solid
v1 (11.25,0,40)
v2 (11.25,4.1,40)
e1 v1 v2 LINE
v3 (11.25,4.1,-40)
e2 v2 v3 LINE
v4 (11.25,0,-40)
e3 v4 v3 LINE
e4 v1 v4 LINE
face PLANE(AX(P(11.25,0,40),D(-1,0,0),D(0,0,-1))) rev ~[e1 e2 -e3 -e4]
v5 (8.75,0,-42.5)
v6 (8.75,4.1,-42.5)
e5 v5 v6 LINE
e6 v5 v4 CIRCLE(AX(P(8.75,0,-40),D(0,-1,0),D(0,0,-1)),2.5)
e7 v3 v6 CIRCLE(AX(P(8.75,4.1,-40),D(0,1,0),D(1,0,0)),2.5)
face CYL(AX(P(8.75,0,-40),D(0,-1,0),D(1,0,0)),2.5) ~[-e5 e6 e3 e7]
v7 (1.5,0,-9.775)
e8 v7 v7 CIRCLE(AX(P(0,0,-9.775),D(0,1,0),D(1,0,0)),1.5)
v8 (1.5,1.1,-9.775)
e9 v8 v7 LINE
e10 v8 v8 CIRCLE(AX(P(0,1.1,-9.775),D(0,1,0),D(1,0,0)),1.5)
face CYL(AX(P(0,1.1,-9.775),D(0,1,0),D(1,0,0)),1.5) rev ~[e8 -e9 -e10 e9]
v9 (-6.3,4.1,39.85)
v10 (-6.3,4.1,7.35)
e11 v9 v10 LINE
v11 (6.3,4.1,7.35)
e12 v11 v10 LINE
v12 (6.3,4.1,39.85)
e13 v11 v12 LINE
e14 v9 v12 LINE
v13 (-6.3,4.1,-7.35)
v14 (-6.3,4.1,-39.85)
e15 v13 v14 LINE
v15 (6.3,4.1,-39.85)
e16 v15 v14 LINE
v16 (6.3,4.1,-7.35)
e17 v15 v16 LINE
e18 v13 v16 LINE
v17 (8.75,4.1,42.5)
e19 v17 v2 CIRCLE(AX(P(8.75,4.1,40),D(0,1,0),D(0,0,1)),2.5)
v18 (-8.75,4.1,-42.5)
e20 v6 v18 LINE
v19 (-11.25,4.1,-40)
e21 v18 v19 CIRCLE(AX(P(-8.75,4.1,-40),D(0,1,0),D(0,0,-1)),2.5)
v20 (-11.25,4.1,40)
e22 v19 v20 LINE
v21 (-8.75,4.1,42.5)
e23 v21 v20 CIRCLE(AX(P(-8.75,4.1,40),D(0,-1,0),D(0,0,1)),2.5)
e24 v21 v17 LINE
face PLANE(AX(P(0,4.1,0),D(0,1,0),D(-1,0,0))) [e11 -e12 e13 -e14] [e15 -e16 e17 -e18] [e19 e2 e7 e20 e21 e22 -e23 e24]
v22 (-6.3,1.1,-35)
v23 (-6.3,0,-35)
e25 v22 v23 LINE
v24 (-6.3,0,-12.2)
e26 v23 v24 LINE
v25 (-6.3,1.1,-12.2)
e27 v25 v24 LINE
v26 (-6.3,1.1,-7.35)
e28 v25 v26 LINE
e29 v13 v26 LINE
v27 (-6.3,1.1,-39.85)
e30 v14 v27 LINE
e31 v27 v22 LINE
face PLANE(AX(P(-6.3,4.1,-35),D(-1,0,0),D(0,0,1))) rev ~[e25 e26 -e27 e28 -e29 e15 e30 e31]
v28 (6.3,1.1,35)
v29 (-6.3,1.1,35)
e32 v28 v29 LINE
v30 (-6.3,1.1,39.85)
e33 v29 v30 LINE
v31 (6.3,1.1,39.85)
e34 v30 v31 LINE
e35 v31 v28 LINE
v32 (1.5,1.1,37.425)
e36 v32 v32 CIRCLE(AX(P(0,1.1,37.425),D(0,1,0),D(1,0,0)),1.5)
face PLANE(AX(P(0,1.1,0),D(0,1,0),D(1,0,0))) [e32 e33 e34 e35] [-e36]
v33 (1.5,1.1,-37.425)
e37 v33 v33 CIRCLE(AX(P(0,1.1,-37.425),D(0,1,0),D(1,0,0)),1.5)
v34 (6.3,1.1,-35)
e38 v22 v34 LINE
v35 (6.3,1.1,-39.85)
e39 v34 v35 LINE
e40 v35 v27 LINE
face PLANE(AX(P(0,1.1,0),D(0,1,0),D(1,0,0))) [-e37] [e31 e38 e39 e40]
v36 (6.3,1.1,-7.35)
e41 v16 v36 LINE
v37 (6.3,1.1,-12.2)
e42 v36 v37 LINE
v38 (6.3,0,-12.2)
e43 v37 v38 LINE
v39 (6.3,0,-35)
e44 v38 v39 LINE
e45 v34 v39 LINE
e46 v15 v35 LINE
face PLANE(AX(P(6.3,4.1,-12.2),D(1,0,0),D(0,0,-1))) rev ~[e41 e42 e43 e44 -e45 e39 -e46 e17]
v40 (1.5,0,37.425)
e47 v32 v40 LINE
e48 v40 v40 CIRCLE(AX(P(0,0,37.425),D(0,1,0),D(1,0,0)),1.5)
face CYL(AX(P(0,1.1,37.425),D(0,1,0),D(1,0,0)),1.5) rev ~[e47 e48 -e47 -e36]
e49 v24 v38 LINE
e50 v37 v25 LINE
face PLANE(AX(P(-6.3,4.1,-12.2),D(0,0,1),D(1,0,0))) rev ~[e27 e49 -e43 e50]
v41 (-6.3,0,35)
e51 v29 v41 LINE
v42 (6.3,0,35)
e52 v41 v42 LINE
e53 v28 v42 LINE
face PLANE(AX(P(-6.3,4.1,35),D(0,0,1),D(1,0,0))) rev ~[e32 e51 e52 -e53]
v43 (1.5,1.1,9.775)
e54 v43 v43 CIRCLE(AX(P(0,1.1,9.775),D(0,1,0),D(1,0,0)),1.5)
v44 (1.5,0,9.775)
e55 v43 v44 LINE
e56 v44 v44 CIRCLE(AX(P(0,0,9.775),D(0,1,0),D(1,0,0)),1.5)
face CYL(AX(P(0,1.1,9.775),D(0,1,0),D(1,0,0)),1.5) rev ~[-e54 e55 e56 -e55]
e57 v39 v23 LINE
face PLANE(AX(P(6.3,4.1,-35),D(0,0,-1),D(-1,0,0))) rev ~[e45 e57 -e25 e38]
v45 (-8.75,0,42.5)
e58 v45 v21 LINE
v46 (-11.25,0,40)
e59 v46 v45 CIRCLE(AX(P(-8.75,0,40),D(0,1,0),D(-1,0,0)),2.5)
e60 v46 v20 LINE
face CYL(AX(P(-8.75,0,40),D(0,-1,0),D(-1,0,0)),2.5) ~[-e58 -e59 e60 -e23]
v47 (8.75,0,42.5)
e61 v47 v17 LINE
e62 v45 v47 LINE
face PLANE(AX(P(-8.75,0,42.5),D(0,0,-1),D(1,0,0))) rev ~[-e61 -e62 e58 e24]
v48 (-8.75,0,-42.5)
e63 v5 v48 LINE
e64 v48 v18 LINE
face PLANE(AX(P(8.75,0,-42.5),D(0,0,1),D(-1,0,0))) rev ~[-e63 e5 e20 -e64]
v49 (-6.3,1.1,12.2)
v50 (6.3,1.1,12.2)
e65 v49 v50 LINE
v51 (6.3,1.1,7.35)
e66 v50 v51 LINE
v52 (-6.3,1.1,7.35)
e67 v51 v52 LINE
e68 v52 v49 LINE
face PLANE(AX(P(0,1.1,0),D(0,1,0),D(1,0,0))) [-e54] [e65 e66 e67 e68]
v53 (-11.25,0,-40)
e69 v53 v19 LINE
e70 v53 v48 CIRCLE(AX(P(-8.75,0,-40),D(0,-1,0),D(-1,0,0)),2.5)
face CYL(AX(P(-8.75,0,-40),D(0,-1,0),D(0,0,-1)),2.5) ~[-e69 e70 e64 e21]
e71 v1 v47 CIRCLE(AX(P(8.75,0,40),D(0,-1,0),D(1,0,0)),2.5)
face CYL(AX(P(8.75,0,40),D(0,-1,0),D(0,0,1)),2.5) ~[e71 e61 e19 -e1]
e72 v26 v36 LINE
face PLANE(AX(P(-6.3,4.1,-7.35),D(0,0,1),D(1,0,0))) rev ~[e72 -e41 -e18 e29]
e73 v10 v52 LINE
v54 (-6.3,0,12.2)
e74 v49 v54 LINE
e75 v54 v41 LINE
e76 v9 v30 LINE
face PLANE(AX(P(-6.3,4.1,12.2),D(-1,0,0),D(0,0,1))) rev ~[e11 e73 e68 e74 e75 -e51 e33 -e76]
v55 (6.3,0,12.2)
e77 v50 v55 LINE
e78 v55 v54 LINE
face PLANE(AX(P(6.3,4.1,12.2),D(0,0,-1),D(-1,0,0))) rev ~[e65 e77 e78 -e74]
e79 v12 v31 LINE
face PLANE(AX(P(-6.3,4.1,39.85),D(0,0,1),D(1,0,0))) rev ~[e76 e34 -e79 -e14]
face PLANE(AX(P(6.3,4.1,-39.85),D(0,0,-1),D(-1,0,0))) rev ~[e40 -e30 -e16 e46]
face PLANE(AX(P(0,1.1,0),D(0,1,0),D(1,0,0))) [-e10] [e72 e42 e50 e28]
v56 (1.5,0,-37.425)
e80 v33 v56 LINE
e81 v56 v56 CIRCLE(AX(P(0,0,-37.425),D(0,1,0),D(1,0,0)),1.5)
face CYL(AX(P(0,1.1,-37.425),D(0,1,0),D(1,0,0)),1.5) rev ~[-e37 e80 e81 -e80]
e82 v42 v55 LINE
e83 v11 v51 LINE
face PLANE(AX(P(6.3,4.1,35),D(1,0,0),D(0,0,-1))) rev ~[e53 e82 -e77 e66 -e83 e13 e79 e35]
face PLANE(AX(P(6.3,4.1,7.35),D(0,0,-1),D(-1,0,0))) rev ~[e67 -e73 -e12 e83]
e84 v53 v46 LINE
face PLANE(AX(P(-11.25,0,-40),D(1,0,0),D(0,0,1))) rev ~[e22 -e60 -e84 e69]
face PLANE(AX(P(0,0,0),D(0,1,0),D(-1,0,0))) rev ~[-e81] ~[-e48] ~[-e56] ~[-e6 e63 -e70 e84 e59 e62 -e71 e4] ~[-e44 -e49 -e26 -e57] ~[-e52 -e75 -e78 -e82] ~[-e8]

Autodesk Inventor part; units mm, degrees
ref_plane "YZ Plane" through (0, 0, 0) normal (1, 0, 0) x (0, 1, 0)
ref_plane "XZ Plane" through (0, 0, 0) normal (0, 1, 0) x (-1, 0, 0)
ref_plane "XY Plane" through (0, 0, 0) normal (0, 0, 1) x (1, 0, 0)
sketch "Szkic1" plane through (0, 0, 0) normal (0, 1, 0) x (-1, 0, 0)
  line L0 (8.75, 42.5) -> (-8.75, 42.5)
  line L1 (-11.25, 40) -> (-11.25, -40)
  line L2 (-8.75, -42.5) -> (8.75, -42.5)
  line L3 (11.25, -40) -> (11.25, 40)
  line L4 (-11.25, 42.5) -> (11.25, -42.5)
  line L5 (-11.25, -42.5) -> (11.25, 42.5)
  arc A0 (11.25, 40) -> (8.75, 42.5) centre (8.75, 40) ccw
  arc A1 (-8.75, 42.5) -> (-11.25, 40) centre (-8.75, 40) ccw
  arc A2 (-11.25, -40) -> (-8.75, -42.5) centre (-8.75, -40) ccw
  arc A3 (8.75, -42.5) -> (11.25, -40) centre (8.75, -40) ccw
  point P0 (0, 0)
  point P1 (0, 0)
  dimension "d0" = 22.5
  dimension "d1" = 85
  dimension "d2" = 2.5
extrude "Wyciągnięcie proste1" add sketch "Szkic1" along normal blind 4.1
sketch "Szkic2" plane through (0, 4.1, 0) normal (0, 1, 0) x (1, 0, 0)
  line L0 (-6.3, -35) -> (6.3, -35)
  line L1 (6.3, -35) -> (6.3, -12.2)
  line L2 (6.3, -12.2) -> (-6.3, -12.2)
  line L3 (-6.3, -12.2) -> (-6.3, -35)
  line L4 (-8.75, -42.5) -> (8.75, -42.5) projected
  line L5 (11.25, -40) -> (11.25, 40) projected
  line L6 (-6.3, 12.2) -> (6.3, 12.2)
  line L7 (6.3, 12.2) -> (6.3, 35)
  line L8 (6.3, 35) -> (-6.3, 35)
  line L9 (-6.3, 35) -> (-6.3, 12.2)
  line L10 (-15.75, 0) -> (15.75, 0) projected
  point P0 (0, 0)
  point P1 (0, -35)
  dimension "d5" = 12.6
  dimension "d6" = 22.8
  dimension "d7" = 7.5
  dimension "d8" = 11.25
extrude "Wyciągnięcie proste2" cut sketch "Szkic2" against normal blind 4.1
sketch "Szkic4" plane through (0, 4.1, 0) normal (0, 1, 0) x (1, 0, 0)
  line L0 (-6.3, -39.85) -> (6.3, -39.85)
  line L1 (6.3, -39.85) -> (6.3, -7.35)
  line L2 (6.3, -7.35) -> (-6.3, -7.35)
  line L3 (-6.3, -7.35) -> (-6.3, -39.85)
  line L4 (6.3, -35) -> (-6.3, -35) projected
  line L5 (-6.3, -12.2) -> (6.3, -12.2) projected
  line L6 (-6.3, 7.35) -> (6.3, 7.35)
  line L7 (6.3, 7.35) -> (6.3, 39.85)
  line L8 (6.3, 39.85) -> (-6.3, 39.85)
  line L9 (-6.3, 39.85) -> (-6.3, 7.35)
  line L10 (6.3, 12.2) -> (-6.3, 12.2) projected
  line L11 (-6.3, 35) -> (6.3, 35) projected
  point P0 (0, 0)
  dimension "d11" = 4.85
  dimension "d12" = 4.85
  dimension "d13" = 4.85
  dimension "d14" = 4.85
extrude "Wyciągnięcie proste3" cut sketch "Szkic4" against normal blind 3 contours L3 L4 L1 L0 | L3 L2 L1 L5 | L9 L10 L7 L6 | L9 L8 L7 L11
sketch "Szkic5" plane through (0, 1.1, 0) normal (0, 1, 0) x (1, 0, 0)
  circle A0 centre (0, -37.425) radius 1.5
  circle A1 centre (0, -9.775) radius 1.5
  circle A2 centre (0, 9.775) radius 1.5
  circle A3 centre (0, 37.425) radius 1.5
  line L0 (-6.3, -35) -> (6.3, -35) projected
  line L1 (6.3, -12.2) -> (-6.3, -12.2) projected
  line L2 (-6.3, 12.2) -> (6.3, 12.2) projected
  line L3 (6.3, 35) -> (-6.3, 35) projected
  point P0 (0, 0)
  point P1 (0, -35)
  point P2 (0, -12.2)
  point P3 (0, 12.2)
  point P4 (0, 35)
  dimension "d17" = 3
  dimension "d18" = 3
  dimension "d19" = 3
  dimension "d20" = 3
  dimension "d21" = 2.425
  dimension "d22" = 2.425
  dimension "d23" = 2.425
  dimension "d24" = 2.425
extrude "Wyciągnięcie proste4" cut sketch "Szkic5" against normal blind 3
properties part number "arm_medium_part"
